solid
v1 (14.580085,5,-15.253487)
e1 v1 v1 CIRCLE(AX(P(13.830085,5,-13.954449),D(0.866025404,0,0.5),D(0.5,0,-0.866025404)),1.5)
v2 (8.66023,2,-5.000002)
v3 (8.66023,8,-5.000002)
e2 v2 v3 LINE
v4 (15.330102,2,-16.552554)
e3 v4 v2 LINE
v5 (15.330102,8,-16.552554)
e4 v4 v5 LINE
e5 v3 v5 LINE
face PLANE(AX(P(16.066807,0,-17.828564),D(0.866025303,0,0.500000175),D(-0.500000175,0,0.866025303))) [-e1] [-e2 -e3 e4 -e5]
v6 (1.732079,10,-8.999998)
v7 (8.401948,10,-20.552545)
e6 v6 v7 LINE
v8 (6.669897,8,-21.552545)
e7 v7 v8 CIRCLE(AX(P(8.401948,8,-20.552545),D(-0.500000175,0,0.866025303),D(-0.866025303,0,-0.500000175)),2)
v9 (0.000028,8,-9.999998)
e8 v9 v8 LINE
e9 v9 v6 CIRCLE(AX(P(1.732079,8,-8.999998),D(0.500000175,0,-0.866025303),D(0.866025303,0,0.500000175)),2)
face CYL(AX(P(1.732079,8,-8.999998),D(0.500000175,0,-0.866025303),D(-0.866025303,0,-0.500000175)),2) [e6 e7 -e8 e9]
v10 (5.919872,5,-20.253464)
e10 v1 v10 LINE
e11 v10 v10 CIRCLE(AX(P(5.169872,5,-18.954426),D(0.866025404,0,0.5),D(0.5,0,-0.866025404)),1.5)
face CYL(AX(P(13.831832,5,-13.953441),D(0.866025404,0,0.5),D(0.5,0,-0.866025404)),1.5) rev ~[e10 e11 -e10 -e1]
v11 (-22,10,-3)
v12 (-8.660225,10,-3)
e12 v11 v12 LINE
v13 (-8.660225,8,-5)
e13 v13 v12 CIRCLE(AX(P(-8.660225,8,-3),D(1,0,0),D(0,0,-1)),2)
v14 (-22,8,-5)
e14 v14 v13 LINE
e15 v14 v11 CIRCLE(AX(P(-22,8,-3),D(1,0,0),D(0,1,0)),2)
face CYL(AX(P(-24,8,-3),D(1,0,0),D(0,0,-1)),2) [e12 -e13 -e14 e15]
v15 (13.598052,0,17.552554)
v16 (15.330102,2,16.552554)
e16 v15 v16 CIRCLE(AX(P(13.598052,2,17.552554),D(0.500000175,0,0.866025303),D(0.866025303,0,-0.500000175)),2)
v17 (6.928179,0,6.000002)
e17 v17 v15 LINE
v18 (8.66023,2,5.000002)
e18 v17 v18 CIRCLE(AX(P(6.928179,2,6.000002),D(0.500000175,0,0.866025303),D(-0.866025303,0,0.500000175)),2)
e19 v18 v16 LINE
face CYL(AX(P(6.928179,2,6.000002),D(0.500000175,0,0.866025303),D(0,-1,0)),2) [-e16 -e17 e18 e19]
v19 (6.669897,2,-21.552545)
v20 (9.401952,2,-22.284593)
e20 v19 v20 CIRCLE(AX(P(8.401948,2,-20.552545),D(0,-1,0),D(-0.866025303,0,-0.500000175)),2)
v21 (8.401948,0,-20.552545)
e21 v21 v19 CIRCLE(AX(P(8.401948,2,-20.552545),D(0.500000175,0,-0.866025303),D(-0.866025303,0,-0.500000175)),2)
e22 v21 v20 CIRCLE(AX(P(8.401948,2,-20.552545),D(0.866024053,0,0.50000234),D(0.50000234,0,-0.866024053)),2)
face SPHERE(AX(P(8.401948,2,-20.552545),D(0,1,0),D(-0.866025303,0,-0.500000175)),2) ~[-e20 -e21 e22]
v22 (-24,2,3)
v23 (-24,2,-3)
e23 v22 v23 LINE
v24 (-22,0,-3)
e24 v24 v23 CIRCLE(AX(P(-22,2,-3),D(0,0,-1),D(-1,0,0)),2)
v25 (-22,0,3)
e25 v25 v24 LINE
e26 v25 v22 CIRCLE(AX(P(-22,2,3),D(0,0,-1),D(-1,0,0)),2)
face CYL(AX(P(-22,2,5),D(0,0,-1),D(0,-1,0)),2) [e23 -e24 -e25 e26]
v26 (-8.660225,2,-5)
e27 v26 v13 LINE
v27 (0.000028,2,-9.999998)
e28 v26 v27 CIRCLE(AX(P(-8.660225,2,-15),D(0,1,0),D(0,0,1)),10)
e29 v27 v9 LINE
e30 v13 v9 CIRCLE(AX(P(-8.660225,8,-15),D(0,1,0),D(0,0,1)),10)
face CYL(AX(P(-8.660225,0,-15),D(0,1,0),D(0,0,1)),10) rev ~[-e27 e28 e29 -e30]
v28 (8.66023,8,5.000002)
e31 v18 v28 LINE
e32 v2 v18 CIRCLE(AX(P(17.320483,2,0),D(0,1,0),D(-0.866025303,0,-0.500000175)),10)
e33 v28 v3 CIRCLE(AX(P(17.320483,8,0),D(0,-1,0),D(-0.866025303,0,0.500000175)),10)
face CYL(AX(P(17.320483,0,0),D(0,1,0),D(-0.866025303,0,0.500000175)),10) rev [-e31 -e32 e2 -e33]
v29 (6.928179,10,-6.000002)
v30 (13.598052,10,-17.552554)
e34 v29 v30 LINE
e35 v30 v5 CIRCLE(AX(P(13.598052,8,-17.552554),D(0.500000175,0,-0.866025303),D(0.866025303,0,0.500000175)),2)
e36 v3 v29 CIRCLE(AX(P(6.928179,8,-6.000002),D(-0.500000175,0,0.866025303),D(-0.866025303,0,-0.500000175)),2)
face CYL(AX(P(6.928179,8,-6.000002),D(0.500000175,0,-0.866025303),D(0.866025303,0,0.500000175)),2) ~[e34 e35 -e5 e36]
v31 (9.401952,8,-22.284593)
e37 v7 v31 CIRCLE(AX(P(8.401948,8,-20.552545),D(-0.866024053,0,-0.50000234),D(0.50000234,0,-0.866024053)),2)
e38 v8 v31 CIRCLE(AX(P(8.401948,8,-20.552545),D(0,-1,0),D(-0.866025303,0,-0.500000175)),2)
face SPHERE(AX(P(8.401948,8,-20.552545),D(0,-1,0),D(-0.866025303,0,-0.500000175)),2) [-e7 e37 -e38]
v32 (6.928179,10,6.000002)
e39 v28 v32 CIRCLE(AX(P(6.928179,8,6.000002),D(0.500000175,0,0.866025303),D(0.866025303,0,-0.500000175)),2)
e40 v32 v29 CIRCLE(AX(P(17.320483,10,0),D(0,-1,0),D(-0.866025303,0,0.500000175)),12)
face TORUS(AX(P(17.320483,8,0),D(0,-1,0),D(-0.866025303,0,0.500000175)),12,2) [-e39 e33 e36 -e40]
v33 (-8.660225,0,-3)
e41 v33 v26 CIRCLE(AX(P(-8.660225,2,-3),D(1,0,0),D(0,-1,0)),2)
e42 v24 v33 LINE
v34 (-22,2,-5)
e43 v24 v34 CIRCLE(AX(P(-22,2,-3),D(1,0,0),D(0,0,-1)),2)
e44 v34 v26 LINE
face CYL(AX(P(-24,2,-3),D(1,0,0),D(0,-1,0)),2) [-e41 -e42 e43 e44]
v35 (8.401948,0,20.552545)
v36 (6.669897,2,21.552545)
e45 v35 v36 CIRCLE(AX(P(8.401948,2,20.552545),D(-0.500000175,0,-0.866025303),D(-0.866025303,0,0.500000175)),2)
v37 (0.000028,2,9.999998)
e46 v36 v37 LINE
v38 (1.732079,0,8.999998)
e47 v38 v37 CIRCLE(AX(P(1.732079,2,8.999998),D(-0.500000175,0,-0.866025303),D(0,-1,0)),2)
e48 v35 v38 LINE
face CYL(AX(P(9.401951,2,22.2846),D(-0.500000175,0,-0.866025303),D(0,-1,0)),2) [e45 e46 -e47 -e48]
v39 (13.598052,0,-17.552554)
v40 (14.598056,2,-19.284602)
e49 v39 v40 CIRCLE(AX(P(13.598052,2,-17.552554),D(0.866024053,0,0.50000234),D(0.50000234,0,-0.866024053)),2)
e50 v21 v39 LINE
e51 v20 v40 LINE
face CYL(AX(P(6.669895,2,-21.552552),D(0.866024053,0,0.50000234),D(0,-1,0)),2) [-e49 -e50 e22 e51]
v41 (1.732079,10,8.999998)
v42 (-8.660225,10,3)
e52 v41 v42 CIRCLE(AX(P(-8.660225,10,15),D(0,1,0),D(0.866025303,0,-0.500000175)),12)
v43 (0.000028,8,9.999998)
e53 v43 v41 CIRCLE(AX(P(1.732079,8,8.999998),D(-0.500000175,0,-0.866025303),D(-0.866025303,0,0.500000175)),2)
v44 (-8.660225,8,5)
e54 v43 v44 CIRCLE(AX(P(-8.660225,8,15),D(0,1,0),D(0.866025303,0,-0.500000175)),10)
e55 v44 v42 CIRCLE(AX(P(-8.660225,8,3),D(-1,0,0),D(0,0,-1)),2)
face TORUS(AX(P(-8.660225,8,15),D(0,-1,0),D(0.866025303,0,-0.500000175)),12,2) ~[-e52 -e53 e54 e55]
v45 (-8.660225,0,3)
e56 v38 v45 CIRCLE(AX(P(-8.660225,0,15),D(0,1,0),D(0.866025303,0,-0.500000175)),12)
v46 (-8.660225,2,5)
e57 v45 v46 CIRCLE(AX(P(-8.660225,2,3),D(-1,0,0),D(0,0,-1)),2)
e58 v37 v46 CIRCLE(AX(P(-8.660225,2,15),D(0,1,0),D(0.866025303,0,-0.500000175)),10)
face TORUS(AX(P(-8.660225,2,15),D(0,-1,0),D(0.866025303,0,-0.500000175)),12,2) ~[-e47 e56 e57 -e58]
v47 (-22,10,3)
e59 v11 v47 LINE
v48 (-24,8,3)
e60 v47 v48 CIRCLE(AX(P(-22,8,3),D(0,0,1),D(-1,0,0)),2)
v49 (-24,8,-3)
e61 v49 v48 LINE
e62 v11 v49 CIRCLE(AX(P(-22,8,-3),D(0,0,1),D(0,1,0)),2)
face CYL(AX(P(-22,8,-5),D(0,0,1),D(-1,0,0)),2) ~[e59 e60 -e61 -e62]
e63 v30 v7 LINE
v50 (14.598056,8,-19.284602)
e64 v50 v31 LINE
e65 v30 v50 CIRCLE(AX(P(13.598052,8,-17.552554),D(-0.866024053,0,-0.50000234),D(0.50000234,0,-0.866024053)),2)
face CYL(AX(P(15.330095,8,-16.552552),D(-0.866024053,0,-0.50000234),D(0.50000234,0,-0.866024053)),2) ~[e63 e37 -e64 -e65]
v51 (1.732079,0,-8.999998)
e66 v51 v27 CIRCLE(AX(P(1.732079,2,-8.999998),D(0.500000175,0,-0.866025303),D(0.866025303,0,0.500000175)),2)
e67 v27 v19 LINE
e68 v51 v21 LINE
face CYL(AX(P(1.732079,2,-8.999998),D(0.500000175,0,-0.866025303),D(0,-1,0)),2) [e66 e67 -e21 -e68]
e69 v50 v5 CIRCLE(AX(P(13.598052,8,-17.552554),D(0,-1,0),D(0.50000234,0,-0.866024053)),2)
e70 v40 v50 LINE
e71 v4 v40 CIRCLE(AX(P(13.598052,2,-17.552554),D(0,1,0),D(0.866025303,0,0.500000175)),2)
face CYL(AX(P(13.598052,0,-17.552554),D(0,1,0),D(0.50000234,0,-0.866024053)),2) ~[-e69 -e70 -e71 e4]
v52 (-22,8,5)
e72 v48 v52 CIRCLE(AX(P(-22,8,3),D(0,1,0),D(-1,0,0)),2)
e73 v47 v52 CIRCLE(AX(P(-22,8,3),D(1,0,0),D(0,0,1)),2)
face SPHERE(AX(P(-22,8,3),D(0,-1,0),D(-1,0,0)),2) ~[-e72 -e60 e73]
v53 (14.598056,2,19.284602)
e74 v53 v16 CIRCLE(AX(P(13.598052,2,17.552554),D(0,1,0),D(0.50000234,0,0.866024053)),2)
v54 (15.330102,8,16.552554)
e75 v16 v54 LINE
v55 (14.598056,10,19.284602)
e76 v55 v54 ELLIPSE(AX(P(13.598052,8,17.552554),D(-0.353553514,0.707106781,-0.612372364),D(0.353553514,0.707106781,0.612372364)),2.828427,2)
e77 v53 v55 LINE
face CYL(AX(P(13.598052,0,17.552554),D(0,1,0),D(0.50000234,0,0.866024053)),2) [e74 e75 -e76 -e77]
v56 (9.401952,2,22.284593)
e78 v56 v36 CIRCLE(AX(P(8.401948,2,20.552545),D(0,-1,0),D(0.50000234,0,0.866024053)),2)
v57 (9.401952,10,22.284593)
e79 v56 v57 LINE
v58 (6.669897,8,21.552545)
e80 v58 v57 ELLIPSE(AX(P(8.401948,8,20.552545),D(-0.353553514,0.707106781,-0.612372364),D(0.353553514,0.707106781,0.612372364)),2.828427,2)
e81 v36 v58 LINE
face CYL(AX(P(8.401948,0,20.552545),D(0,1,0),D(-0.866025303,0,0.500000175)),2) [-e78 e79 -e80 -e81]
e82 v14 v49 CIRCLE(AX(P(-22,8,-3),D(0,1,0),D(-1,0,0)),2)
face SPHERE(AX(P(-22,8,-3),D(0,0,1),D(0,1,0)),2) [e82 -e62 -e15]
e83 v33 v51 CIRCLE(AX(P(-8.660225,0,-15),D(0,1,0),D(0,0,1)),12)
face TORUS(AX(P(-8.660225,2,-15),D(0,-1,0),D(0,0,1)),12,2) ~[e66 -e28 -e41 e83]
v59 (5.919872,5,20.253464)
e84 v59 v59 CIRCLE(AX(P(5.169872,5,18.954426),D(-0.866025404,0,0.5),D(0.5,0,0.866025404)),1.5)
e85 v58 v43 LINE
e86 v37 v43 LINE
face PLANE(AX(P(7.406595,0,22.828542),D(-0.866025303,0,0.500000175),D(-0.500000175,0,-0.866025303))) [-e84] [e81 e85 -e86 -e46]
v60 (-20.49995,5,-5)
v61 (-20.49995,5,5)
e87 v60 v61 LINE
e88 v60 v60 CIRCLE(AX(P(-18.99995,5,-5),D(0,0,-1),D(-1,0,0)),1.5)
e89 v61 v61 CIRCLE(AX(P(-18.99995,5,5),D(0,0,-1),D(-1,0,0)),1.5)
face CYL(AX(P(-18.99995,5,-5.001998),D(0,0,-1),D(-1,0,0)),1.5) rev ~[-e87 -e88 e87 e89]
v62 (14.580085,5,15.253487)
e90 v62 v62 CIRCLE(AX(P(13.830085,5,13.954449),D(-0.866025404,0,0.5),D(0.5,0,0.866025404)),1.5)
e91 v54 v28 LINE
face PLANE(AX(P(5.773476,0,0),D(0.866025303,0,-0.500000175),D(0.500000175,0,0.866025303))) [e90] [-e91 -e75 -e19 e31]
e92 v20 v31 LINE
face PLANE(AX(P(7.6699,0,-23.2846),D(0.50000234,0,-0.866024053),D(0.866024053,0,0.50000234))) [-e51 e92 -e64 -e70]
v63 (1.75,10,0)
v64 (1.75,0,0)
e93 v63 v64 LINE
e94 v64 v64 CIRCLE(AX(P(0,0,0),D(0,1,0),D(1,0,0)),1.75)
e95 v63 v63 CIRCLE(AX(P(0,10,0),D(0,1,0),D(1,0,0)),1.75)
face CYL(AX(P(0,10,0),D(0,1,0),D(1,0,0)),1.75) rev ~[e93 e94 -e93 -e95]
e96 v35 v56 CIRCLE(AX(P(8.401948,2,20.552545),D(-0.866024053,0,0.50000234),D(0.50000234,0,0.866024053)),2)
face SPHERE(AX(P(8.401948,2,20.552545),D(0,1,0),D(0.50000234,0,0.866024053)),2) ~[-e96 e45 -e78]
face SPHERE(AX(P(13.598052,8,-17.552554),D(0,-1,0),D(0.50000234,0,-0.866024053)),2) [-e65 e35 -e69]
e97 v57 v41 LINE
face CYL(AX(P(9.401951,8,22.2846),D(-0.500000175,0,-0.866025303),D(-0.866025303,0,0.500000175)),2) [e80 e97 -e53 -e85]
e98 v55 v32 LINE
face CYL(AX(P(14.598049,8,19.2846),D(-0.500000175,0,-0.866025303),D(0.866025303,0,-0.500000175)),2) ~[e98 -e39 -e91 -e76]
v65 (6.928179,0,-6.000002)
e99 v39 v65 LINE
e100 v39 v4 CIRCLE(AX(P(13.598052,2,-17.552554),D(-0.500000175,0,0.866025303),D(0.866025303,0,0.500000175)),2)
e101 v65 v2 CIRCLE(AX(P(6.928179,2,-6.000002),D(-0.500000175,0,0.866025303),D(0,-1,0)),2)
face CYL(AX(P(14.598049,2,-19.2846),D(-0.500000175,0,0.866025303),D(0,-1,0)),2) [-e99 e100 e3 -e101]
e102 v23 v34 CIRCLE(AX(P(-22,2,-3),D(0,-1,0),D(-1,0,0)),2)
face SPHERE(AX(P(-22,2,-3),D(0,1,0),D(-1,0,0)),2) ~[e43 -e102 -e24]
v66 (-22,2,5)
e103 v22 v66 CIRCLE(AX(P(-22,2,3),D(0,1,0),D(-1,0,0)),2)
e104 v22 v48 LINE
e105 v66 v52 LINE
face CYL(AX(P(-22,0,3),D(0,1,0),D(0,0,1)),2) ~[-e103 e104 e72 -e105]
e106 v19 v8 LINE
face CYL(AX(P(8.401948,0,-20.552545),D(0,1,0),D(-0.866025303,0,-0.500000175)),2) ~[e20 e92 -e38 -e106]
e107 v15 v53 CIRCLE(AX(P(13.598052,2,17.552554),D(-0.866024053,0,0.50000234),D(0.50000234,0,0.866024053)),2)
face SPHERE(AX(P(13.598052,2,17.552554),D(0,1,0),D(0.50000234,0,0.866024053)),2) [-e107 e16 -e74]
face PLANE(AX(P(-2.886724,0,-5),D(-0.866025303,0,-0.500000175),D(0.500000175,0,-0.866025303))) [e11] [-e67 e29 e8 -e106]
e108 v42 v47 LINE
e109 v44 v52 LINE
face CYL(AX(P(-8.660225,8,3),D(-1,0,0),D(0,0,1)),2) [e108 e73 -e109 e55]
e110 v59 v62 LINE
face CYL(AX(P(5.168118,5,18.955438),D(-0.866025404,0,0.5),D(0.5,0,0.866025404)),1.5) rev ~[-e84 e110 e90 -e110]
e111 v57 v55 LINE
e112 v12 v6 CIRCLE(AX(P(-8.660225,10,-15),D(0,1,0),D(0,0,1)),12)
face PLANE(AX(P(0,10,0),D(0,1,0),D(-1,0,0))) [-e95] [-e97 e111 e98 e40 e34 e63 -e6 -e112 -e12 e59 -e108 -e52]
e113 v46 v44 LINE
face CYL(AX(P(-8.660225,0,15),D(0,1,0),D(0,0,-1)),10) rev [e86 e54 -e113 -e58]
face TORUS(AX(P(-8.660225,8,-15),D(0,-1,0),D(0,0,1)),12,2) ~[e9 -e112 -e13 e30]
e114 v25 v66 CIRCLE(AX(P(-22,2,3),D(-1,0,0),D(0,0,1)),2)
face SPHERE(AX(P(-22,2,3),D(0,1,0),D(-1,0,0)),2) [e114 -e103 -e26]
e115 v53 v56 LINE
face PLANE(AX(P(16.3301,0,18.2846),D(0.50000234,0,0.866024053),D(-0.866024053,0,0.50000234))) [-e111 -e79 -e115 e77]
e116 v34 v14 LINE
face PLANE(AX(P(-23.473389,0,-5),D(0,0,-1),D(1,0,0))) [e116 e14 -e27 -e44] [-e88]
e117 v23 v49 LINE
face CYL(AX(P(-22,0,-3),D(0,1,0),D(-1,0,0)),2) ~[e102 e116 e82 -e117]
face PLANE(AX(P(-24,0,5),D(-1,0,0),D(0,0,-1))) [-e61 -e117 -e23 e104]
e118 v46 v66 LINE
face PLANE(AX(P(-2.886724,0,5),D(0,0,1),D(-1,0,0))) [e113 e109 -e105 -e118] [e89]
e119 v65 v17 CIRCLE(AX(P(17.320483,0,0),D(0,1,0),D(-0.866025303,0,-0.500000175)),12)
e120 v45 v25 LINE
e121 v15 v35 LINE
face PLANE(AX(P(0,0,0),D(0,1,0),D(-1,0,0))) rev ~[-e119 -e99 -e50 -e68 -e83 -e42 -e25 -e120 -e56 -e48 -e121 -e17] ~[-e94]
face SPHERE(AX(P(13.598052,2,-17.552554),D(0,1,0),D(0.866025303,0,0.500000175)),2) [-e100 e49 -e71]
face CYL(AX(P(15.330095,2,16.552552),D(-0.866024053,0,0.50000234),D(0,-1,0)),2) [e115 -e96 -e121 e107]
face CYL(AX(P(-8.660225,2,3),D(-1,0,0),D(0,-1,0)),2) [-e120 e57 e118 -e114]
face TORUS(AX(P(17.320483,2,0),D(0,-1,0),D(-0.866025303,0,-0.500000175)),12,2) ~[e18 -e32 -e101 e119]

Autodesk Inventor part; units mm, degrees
ref_plane "YZ Plane" through (0, 0, 0) normal (1, 0, 0) x (0, 1, 0)
ref_plane "XZ Plane" through (0, 0, 0) normal (0, 1, 0) x (-1, 0, 0)
ref_plane "XY Plane" through (0, 0, 0) normal (0, 0, 1) x (1, 0, 0)
sketch "Sketch5" plane through (0, 0, 0) normal (0, 1, 0) x (-1, 0, 0)
  circle A0 centre (0, 0) radius 1.75
  circle A1 centre (0, 0) radius 24
  line L0 (0, 0) -> (24, 0)
  line L1 (24, 0) -> (29, 0)
  line L2 (24, 0) -> (24, -5)
  line L3 (24, 0) -> (29, 0) construction
  line L4 (24, -5) -> (0, -5)
  line L5 (0, -5) -> (0, 5)
  line L6 (0, 5) -> (24, 5)
  line L7 (24, 5) -> (24, -5)
  line L8 (-7.6699, 23.2846) -> (4.3301, 2.5)
  line L9 (-4.3301, -2.5) -> (-16.3301, 18.2846)
  line L10 (4.3301, 2.5) -> (-4.3301, -2.5)
  line L11 (-12, 20.7846) -> (-7.6699, 23.2846)
  line L12 (-16.3301, 18.2846) -> (-7.6699, 23.2846)
  line L13 (-16.3301, -18.2846) -> (-4.3301, 2.5)
  line L14 (4.3301, -2.5) -> (-7.6699, -23.2846)
  line L15 (-4.3301, 2.5) -> (4.3301, -2.5)
  line L16 (-12, -20.7846) -> (-16.3301, -18.2846)
  line L17 (-7.6699, -23.2846) -> (-16.3301, -18.2846)
  dimension "d78" = 48
  dimension "d54" = 3.5
  dimension "d82" = 5
  dimension "d83" = 5
  dimension "d84" = 90
  dimension "d85" = 24
  dimension "d86" = 10
  dimension "d89" = 360
extrude "Extrusion7" add sketch "Sketch5" along normal blind 10 contours L0 L10 A0 | L0 A1 L4 L14 L15 A0 | A0 L15 L0 | A0 L10 L8 L6 A1 L0 | L10 L5 A0 | A0 L5 L6 L8 L10 | L15 L14 L4 L5 A0 | A0 L5 L15 | L15 A0 L5 | L5 A0 L10 | L10 A0 L15 | L2 L4 A1 | A1 L6 L7 | A0 L15 L13 L9 A1 L8 L6 L5 | L5 L4 L14 A1 L13 L9 L10 A0 | L10 L9 L13 L15 A0 | A1 L11 L8 | L14 L17 A1 | A1 L9 L12 | L16 L13 A1
sketch "Sketch7" plane through (5.7735, 0, 0) normal (0.866, 0, 0.5) x (0.5, 0, -0.866)
  line L0 (21.1132, 0) -> (21.1132, 10) projected
  line L1 (21.1132, 10) -> (21.1132, 5)
  line L2 (21.1132, 5) -> (16.1132, 5)
  circle A0 centre (16.1132, 5) radius 1.5
  point P0 (-2.8868, 0)
  dimension "d93" = 5
  dimension "d94" = 5
  dimension "d95" = 3
extrude "Extrusion8" cut sketch "Sketch7" against normal blind 10
sketch "Sketch8" plane through (0, 10, 0) normal (0, 1, 0) x (1, 0, 0)
  circle A0 centre (0, 0) radius 1.75
  dimension "d98" = 3.5
extrude "Extrusion9" cut sketch "Sketch8" against normal blind 10
pattern_circular "Circular Pattern7" count 3 over 360 about axis through (0, 10, 0) along (0, -1, 0) of "Extrusion8"
fillet "Fillet7" radius 10 3 edges at (5.7735, 5, 0) (-2.8868, 5, 5) (-2.8868, 5, -5)
fillet "Fillet8" radius 2 23 edges at (7.6699, 5, 23.2846) (16.3301, 5, 18.2846) (-24, 5, 5) (-24, 10, 0) (16.3301, 5, -18.2846) (12, 10, -20.7846) (7.6699, 5, -23.2846) (-16.3301, 10, -5) (3.8349, 10, -16.6423) (12.4952, 10, 11.6423) (12.4952, 10, -11.6423) (-16.3301, 10, 5) (3.8349, 10, 16.6423) (-24, 5, -5) (-24, 0, 0) (12, 0, 20.7846) (12.4952, 0, -11.6423) (12.4952, 0, 11.6423) (-16.3301, 0, 5) (3.8349, 0, 16.6423) (-16.3301, 0, -5) (3.8349, 0, -16.6423) (12, 0, -20.7846)
properties part number "Custom_Delta_End_Effector"
